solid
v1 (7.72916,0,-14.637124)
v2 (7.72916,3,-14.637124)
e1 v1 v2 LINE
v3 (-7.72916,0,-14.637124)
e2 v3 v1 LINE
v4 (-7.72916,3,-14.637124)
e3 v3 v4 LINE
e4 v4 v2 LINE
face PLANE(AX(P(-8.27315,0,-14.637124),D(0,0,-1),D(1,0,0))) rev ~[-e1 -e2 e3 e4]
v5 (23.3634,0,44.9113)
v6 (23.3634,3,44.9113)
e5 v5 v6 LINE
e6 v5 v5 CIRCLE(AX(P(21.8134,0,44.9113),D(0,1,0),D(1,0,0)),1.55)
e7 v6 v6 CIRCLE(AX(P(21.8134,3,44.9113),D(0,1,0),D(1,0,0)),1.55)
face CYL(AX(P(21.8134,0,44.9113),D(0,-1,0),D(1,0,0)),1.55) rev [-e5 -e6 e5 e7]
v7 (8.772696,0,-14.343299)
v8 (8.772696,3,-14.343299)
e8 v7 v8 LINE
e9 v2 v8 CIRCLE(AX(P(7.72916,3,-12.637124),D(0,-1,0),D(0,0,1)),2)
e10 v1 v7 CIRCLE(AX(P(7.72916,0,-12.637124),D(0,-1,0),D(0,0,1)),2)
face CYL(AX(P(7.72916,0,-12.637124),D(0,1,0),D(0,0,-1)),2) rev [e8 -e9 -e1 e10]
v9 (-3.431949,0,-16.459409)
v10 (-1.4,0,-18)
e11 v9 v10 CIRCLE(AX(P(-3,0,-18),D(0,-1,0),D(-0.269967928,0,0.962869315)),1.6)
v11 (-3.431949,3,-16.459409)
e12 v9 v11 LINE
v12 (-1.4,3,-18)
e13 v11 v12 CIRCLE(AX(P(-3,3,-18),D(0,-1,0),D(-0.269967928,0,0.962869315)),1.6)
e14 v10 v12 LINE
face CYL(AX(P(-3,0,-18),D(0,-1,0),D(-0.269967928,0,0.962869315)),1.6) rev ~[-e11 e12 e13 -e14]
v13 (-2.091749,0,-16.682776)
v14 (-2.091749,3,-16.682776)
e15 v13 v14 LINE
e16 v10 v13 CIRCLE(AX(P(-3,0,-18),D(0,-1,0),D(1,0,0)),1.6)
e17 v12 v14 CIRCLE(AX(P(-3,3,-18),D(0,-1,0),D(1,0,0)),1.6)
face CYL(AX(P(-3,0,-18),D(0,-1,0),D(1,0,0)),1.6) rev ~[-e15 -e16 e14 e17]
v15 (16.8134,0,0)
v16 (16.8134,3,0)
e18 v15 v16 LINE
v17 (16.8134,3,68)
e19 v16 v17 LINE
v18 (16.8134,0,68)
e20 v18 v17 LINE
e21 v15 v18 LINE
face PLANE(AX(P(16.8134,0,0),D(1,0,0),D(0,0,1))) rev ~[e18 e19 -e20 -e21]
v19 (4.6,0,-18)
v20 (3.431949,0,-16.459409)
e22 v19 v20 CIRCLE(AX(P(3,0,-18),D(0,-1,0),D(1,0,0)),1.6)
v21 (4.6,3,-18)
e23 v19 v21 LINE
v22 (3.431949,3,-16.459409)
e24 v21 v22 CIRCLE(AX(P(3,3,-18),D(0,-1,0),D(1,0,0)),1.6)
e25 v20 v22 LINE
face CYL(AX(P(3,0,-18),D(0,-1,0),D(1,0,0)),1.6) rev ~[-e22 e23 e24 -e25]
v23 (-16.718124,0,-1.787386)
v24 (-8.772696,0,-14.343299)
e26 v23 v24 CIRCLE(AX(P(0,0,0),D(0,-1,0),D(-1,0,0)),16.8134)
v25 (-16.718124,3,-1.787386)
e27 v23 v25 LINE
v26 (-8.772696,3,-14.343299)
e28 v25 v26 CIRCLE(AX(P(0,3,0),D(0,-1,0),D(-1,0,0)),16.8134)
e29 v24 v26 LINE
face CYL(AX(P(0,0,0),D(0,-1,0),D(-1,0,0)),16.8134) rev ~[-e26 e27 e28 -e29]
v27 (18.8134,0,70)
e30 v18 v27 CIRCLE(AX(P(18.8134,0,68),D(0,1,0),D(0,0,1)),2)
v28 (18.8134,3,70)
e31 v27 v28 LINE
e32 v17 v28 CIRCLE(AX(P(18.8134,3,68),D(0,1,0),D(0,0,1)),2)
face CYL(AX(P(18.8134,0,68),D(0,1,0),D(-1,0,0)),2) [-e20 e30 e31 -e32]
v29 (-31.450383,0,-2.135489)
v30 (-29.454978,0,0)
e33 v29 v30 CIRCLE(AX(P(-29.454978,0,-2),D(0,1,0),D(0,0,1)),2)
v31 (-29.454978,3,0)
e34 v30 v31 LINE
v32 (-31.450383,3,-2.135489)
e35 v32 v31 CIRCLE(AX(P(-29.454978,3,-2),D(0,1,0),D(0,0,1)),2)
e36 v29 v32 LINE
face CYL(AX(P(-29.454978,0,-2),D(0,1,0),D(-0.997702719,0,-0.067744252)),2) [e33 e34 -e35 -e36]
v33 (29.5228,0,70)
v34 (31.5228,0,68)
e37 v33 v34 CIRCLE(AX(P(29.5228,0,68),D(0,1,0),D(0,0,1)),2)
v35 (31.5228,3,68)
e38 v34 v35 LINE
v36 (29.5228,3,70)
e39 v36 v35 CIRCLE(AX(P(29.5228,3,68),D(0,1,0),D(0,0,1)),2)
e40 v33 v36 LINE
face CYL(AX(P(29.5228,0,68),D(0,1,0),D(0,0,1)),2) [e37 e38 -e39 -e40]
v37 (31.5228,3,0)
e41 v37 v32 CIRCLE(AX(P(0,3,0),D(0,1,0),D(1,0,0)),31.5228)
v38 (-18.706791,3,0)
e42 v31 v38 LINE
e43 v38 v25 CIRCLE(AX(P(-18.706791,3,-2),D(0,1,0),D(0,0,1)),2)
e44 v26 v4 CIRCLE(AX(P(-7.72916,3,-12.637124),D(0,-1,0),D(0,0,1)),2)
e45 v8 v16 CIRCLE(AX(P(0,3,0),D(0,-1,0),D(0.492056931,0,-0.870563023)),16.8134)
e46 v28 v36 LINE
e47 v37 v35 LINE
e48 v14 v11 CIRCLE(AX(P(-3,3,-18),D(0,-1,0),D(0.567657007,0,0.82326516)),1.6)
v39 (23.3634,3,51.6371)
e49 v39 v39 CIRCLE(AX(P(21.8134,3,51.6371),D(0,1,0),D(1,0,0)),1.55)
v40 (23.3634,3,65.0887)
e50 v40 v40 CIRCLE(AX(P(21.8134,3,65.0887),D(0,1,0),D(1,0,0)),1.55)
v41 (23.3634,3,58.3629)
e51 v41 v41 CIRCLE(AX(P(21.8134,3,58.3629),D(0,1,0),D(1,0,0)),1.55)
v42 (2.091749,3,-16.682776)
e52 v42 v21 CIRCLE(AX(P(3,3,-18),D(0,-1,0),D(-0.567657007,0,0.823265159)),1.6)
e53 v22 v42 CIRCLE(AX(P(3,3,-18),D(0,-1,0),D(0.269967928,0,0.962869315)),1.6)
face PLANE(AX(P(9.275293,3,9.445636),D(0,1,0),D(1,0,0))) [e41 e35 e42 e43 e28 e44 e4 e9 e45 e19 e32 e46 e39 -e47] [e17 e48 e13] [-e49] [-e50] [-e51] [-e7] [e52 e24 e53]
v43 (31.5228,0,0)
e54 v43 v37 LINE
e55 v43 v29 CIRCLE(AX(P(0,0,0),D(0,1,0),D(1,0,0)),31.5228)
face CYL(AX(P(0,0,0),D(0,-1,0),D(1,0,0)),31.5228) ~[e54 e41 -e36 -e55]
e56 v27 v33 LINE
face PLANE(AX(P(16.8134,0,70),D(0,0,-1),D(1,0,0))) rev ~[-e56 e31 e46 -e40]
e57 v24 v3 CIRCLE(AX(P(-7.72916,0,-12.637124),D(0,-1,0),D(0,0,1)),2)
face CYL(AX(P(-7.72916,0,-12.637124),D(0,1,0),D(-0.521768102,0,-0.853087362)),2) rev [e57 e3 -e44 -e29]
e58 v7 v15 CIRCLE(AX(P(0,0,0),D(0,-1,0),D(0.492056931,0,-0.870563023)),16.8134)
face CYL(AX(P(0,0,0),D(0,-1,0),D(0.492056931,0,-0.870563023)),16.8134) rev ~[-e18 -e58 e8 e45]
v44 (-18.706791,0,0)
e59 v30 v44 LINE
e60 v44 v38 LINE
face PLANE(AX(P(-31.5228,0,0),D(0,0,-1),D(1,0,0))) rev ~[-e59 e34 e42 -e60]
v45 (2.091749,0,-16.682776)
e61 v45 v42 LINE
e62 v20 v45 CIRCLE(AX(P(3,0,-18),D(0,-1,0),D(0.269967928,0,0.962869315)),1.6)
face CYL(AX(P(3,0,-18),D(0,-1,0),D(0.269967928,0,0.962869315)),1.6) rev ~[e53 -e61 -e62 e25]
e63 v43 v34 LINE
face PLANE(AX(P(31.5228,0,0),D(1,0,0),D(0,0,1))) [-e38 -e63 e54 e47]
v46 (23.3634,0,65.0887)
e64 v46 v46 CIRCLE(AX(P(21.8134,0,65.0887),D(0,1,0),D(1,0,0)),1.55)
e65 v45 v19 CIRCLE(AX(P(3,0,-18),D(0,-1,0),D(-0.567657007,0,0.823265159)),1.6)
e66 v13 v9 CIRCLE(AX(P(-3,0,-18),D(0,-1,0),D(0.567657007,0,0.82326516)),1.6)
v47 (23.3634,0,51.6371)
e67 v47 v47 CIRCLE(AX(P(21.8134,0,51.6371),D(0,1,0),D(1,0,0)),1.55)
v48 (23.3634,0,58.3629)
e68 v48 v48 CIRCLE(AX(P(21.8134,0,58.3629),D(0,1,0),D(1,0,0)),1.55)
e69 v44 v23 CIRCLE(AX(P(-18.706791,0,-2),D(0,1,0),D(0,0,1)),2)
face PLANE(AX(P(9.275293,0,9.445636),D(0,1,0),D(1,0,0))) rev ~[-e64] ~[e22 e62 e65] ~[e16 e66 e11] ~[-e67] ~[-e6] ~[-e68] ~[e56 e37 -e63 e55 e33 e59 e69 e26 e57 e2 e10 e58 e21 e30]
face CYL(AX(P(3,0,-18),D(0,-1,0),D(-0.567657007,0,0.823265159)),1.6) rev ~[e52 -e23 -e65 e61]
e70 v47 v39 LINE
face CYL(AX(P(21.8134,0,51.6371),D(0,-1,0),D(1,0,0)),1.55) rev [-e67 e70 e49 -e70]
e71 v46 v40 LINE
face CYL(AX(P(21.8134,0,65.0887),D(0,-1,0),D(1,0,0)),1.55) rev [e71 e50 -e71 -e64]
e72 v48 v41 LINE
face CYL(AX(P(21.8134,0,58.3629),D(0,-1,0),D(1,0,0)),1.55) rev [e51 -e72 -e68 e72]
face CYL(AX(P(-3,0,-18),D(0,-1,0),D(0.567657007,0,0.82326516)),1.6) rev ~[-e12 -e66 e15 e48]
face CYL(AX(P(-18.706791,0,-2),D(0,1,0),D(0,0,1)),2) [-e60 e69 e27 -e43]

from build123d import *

# Parameters (mm, degrees)
SKETCH2_R           = 1.55
BOSS_EXTRUDE1_DEPTH = 3
FILLET1_R           = 2


with BuildPart() as part:
    # Sketch2 → Boss-Extrude1 (new body)
    with BuildSketch(Plane(origin=(0, 0, 0), x_dir=(1, 0, 0), z_dir=(0, 1, 0))):
        with BuildLine():
            Line((16.8134, 0), (16.8134, -70))
            Line((16.8134, -70), (26.8134, -70))
            Line((26.8134, -70), (26.8134, -40))
            Line((26.8134, -40), (31.5228, 0))
            ThreePointArc((31.5228, 0), (0, 31.5228), (-31.5228, 0))
            Line((-31.5228, 0), (-16.8134, 0))
            ThreePointArc((-16.8134, 0), (-14.522227787, 8.473211887), (-8.27315, 14.63712433))
            ThreePointArc((-8.27315, 14.63712433), (-5.923049404, 15.735561805), (-3.431948685, 16.459409096))
            ThreePointArc((-3.431948685, 16.459409096), (-3.966664912, 19.274974097), (-1.4, 18))
            ThreePointArc((-1.4, 18), (-1.583454565, 17.256092055), (-2.091748789, 16.682775745))
            ThreePointArc((-2.091748789, 16.682775745), (0, 16.8134), (2.091748789, 16.682775745))
            ThreePointArc((2.091748789, 16.682775745), (2.256092055, 19.416545435), (4.6, 18))
            ThreePointArc((4.6, 18), (4.274974097, 17.033335088), (3.431948685, 16.459409096))
            ThreePointArc((3.431948685, 16.459409096), (5.923049404, 15.735561805), (8.27315, 14.63712433))
            ThreePointArc((8.27315, 14.63712433), (14.522227787, 8.473211887), (16.8134, 0))
        make_face()
        with Locations((21.8134, -65.0887)):
            Circle(SKETCH2_R, mode=Mode.SUBTRACT)
        with Locations((21.8134, -58.3629)):
            Circle(SKETCH2_R, mode=Mode.SUBTRACT)
        with Locations((21.8134, -51.6371)):
            Circle(SKETCH2_R, mode=Mode.SUBTRACT)
        with Locations((21.8134, -44.9113)):
            Circle(SKETCH2_R, mode=Mode.SUBTRACT)
        with BuildLine():
            Line((-8.27315, 14.63712433), (8.27315, 14.63712433))
            ThreePointArc((8.27315, 14.63712433), (5.923049404, 15.735561805), (3.431948685, 16.459409096))
            ThreePointArc((3.431948685, 16.459409096), (2.73696162, 16.421769722), (2.091748789, 16.682775745))
            ThreePointArc((2.091748789, 16.682775745), (0, 16.8134), (-2.091748789, 16.682775745))
            ThreePointArc((-2.091748789, 16.682775745), (-2.73696162, 16.421769722), (-3.431948685, 16.459409096))
            ThreePointArc((-3.431948685, 16.459409096), (-5.923049404, 15.735561805), (-8.27315, 14.63712433))
        make_face()
        Polygon((31.5228, -70), (26.8134, -70), (26.8134, -40), (31.5228, 0), align=None)
    extrude(amount=BOSS_EXTRUDE1_DEPTH)

    # Fillet1
    fillet1_edges = [part.edges().sort_by_distance(p)[0] for p in [
        (-16.8134, 1.5, 0),
        (-31.5228, 1.5, 0),
        (31.5228, 1.5, 70),
        (16.8134, 1.5, 70),
        (8.27315, 1.5, -14.63712433),
        (-8.27315, 1.5, -14.63712433),
    ]]
    fillet(fillet1_edges, radius=FILLET1_R)


solid = part.part
